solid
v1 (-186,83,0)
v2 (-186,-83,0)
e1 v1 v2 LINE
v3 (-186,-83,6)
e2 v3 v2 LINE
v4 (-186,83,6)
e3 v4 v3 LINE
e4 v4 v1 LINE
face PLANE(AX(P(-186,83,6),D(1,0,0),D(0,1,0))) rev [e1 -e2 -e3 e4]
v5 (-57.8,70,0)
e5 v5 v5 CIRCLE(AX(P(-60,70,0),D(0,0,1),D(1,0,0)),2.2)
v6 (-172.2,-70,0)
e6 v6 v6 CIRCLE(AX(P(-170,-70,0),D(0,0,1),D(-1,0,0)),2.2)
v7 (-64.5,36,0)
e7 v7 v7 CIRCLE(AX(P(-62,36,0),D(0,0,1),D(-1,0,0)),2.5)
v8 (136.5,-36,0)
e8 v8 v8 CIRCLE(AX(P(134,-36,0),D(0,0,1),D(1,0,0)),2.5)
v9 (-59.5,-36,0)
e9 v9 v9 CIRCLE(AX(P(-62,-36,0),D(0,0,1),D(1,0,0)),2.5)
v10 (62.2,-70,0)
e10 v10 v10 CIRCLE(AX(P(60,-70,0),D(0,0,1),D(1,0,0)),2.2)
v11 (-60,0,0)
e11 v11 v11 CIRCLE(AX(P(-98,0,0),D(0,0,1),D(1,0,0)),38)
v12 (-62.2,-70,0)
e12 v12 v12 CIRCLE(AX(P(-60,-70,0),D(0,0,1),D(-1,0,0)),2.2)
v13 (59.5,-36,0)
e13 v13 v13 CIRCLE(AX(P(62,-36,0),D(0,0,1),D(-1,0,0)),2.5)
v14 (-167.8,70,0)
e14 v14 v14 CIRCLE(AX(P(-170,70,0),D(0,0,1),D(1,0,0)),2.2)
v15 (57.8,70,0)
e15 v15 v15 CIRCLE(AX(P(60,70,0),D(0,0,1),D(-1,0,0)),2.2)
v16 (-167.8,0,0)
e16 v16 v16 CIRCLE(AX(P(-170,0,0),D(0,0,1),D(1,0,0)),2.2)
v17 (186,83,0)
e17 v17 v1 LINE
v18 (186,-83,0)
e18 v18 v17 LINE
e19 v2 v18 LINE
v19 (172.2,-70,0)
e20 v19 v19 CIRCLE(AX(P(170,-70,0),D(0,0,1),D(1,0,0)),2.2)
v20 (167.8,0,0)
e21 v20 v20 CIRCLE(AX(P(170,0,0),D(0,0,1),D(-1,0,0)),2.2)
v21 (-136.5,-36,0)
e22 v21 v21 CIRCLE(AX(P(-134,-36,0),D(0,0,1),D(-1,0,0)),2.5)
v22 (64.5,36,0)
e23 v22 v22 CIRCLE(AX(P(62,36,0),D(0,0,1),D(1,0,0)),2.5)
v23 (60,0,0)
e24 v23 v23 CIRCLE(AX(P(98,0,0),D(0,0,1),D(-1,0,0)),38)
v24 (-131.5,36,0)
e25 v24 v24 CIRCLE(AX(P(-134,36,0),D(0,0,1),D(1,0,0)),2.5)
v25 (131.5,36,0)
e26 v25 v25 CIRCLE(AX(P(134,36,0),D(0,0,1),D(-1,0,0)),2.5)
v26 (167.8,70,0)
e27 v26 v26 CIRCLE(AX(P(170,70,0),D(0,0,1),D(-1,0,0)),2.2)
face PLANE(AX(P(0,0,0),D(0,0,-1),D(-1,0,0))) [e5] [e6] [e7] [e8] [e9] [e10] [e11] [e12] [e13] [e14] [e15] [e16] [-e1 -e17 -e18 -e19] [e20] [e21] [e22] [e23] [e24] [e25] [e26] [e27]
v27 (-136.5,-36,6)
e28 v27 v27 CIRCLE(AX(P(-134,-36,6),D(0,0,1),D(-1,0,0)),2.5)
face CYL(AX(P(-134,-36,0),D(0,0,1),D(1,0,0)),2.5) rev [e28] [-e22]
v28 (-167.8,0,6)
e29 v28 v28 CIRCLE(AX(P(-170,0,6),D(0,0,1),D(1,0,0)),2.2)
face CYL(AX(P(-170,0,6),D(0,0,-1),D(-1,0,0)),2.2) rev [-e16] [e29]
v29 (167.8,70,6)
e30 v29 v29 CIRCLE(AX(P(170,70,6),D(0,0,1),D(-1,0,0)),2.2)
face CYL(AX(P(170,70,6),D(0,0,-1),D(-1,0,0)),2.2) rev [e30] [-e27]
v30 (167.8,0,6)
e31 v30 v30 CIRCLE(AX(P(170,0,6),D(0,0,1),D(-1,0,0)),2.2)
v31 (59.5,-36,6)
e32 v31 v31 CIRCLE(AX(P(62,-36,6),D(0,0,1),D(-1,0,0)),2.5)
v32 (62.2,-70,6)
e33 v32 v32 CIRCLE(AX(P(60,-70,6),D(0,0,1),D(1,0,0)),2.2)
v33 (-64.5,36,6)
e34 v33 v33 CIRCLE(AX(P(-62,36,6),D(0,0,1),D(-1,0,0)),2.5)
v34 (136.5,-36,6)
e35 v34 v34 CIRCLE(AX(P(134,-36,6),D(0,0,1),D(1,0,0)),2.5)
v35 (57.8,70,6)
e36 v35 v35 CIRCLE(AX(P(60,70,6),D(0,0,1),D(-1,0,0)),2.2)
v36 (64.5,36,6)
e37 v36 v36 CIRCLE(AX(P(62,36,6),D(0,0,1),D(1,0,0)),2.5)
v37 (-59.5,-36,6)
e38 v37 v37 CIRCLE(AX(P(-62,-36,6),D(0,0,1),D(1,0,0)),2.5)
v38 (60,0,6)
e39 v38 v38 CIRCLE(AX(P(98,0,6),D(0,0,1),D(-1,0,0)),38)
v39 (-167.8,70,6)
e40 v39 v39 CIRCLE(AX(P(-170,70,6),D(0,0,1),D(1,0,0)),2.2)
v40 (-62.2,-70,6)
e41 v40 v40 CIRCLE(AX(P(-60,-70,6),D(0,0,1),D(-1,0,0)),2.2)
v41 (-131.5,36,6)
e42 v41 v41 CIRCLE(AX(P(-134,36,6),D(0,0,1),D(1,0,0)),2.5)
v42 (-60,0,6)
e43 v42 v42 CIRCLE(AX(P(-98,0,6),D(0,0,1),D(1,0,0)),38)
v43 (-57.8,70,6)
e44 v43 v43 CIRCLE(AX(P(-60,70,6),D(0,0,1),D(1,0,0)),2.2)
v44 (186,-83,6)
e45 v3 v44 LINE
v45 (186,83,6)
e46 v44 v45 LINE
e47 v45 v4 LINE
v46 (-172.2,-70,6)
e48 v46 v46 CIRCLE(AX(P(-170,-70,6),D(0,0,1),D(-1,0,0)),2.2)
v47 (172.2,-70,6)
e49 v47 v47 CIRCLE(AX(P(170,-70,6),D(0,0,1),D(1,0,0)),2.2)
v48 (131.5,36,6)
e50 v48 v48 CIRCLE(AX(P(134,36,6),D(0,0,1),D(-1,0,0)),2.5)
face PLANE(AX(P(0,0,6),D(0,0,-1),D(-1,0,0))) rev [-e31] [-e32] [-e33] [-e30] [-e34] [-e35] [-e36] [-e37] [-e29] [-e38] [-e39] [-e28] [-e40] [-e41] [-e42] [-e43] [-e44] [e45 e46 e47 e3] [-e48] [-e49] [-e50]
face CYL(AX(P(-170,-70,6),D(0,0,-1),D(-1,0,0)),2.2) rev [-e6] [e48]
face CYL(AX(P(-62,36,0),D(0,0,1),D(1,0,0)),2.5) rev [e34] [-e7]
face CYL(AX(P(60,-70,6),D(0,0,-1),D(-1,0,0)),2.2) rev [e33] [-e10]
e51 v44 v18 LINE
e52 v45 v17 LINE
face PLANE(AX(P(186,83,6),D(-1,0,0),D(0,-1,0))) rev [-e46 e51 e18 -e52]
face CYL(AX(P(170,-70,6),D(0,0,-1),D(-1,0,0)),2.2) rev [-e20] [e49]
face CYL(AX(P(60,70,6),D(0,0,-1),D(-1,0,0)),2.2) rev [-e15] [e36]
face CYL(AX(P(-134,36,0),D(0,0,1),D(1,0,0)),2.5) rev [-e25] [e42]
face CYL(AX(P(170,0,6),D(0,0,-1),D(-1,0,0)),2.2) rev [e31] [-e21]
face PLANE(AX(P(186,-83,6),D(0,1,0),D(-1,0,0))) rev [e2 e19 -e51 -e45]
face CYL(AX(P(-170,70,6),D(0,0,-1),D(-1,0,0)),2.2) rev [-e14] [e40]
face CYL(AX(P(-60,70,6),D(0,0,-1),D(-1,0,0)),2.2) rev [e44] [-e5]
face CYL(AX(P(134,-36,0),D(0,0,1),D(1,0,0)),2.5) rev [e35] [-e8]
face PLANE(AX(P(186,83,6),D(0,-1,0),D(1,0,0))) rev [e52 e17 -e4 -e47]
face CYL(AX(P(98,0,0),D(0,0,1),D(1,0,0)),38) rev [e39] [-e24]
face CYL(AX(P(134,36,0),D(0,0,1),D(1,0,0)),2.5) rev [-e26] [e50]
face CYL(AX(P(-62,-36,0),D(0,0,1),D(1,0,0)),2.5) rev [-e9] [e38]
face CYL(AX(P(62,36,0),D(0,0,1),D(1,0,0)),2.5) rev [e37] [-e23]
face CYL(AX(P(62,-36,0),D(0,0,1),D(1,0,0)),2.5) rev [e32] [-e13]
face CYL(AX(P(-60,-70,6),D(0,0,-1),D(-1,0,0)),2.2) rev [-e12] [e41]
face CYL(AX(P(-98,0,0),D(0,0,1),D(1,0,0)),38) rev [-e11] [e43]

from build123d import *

# Parameters (mm, degrees)
ESQUISSE1_W             = 372
ESQUISSE1_H             = 166
ESQUISSE1_R             = 2.2
BOSS_EXTRU_1_DEPTH      = 6
ESQUISSE2_R             = 38
ESQUISSE2_R_2           = 2.5
ENL_V_MAT_EXTRU_1_DEPTH = 7


with BuildPart() as part:
    # Esquisse1 → Boss.-Extru.1 (new body)
    with BuildSketch(Plane.XY):
        Rectangle(ESQUISSE1_W, ESQUISSE1_H)
        with Locations((-170, 70)):
            Circle(ESQUISSE1_R, mode=Mode.SUBTRACT)
        with Locations((-60, 70)):
            Circle(ESQUISSE1_R, mode=Mode.SUBTRACT)
        with Locations((60, 70)):
            Circle(ESQUISSE1_R, mode=Mode.SUBTRACT)
        with Locations((170, 70)):
            Circle(ESQUISSE1_R, mode=Mode.SUBTRACT)
        with Locations((170, -70)):
            Circle(ESQUISSE1_R, mode=Mode.SUBTRACT)
        with Locations((60, -70)):
            Circle(ESQUISSE1_R, mode=Mode.SUBTRACT)
        with Locations((-60, -70)):
            Circle(ESQUISSE1_R, mode=Mode.SUBTRACT)
        with Locations((-170, -70)):
            Circle(ESQUISSE1_R, mode=Mode.SUBTRACT)
        with Locations((-170, 0)):
            Circle(ESQUISSE1_R, mode=Mode.SUBTRACT)
        with Locations((170, 0)):
            Circle(ESQUISSE1_R, mode=Mode.SUBTRACT)
    extrude(amount=BOSS_EXTRU_1_DEPTH)

    # Esquisse2 → Enlèv. mat.-Extru.1 (cut, through all)
    with BuildSketch(Plane.XY.offset(6)):
        with Locations((-98, 0)):
            Circle(ESQUISSE2_R)
        with Locations((-134, 36)):
            Circle(ESQUISSE2_R_2)
        with Locations((-134, -36)):
            Circle(ESQUISSE2_R_2)
        with Locations((-62, -36)):
            Circle(ESQUISSE2_R_2)
        with Locations((-62, 36)):
            Circle(ESQUISSE2_R_2)
        with Locations((62, 36)):
            Circle(ESQUISSE2_R_2)
        with Locations((62, -36)):
            Circle(ESQUISSE2_R_2)
        with Locations((134, -36)):
            Circle(ESQUISSE2_R_2)
        with Locations((134, 36)):
            Circle(ESQUISSE2_R_2)
        with Locations((98, 0)):
            Circle(ESQUISSE2_R)
    extrude(amount=-ENL_V_MAT_EXTRU_1_DEPTH, mode=Mode.SUBTRACT)


solid = part.part
